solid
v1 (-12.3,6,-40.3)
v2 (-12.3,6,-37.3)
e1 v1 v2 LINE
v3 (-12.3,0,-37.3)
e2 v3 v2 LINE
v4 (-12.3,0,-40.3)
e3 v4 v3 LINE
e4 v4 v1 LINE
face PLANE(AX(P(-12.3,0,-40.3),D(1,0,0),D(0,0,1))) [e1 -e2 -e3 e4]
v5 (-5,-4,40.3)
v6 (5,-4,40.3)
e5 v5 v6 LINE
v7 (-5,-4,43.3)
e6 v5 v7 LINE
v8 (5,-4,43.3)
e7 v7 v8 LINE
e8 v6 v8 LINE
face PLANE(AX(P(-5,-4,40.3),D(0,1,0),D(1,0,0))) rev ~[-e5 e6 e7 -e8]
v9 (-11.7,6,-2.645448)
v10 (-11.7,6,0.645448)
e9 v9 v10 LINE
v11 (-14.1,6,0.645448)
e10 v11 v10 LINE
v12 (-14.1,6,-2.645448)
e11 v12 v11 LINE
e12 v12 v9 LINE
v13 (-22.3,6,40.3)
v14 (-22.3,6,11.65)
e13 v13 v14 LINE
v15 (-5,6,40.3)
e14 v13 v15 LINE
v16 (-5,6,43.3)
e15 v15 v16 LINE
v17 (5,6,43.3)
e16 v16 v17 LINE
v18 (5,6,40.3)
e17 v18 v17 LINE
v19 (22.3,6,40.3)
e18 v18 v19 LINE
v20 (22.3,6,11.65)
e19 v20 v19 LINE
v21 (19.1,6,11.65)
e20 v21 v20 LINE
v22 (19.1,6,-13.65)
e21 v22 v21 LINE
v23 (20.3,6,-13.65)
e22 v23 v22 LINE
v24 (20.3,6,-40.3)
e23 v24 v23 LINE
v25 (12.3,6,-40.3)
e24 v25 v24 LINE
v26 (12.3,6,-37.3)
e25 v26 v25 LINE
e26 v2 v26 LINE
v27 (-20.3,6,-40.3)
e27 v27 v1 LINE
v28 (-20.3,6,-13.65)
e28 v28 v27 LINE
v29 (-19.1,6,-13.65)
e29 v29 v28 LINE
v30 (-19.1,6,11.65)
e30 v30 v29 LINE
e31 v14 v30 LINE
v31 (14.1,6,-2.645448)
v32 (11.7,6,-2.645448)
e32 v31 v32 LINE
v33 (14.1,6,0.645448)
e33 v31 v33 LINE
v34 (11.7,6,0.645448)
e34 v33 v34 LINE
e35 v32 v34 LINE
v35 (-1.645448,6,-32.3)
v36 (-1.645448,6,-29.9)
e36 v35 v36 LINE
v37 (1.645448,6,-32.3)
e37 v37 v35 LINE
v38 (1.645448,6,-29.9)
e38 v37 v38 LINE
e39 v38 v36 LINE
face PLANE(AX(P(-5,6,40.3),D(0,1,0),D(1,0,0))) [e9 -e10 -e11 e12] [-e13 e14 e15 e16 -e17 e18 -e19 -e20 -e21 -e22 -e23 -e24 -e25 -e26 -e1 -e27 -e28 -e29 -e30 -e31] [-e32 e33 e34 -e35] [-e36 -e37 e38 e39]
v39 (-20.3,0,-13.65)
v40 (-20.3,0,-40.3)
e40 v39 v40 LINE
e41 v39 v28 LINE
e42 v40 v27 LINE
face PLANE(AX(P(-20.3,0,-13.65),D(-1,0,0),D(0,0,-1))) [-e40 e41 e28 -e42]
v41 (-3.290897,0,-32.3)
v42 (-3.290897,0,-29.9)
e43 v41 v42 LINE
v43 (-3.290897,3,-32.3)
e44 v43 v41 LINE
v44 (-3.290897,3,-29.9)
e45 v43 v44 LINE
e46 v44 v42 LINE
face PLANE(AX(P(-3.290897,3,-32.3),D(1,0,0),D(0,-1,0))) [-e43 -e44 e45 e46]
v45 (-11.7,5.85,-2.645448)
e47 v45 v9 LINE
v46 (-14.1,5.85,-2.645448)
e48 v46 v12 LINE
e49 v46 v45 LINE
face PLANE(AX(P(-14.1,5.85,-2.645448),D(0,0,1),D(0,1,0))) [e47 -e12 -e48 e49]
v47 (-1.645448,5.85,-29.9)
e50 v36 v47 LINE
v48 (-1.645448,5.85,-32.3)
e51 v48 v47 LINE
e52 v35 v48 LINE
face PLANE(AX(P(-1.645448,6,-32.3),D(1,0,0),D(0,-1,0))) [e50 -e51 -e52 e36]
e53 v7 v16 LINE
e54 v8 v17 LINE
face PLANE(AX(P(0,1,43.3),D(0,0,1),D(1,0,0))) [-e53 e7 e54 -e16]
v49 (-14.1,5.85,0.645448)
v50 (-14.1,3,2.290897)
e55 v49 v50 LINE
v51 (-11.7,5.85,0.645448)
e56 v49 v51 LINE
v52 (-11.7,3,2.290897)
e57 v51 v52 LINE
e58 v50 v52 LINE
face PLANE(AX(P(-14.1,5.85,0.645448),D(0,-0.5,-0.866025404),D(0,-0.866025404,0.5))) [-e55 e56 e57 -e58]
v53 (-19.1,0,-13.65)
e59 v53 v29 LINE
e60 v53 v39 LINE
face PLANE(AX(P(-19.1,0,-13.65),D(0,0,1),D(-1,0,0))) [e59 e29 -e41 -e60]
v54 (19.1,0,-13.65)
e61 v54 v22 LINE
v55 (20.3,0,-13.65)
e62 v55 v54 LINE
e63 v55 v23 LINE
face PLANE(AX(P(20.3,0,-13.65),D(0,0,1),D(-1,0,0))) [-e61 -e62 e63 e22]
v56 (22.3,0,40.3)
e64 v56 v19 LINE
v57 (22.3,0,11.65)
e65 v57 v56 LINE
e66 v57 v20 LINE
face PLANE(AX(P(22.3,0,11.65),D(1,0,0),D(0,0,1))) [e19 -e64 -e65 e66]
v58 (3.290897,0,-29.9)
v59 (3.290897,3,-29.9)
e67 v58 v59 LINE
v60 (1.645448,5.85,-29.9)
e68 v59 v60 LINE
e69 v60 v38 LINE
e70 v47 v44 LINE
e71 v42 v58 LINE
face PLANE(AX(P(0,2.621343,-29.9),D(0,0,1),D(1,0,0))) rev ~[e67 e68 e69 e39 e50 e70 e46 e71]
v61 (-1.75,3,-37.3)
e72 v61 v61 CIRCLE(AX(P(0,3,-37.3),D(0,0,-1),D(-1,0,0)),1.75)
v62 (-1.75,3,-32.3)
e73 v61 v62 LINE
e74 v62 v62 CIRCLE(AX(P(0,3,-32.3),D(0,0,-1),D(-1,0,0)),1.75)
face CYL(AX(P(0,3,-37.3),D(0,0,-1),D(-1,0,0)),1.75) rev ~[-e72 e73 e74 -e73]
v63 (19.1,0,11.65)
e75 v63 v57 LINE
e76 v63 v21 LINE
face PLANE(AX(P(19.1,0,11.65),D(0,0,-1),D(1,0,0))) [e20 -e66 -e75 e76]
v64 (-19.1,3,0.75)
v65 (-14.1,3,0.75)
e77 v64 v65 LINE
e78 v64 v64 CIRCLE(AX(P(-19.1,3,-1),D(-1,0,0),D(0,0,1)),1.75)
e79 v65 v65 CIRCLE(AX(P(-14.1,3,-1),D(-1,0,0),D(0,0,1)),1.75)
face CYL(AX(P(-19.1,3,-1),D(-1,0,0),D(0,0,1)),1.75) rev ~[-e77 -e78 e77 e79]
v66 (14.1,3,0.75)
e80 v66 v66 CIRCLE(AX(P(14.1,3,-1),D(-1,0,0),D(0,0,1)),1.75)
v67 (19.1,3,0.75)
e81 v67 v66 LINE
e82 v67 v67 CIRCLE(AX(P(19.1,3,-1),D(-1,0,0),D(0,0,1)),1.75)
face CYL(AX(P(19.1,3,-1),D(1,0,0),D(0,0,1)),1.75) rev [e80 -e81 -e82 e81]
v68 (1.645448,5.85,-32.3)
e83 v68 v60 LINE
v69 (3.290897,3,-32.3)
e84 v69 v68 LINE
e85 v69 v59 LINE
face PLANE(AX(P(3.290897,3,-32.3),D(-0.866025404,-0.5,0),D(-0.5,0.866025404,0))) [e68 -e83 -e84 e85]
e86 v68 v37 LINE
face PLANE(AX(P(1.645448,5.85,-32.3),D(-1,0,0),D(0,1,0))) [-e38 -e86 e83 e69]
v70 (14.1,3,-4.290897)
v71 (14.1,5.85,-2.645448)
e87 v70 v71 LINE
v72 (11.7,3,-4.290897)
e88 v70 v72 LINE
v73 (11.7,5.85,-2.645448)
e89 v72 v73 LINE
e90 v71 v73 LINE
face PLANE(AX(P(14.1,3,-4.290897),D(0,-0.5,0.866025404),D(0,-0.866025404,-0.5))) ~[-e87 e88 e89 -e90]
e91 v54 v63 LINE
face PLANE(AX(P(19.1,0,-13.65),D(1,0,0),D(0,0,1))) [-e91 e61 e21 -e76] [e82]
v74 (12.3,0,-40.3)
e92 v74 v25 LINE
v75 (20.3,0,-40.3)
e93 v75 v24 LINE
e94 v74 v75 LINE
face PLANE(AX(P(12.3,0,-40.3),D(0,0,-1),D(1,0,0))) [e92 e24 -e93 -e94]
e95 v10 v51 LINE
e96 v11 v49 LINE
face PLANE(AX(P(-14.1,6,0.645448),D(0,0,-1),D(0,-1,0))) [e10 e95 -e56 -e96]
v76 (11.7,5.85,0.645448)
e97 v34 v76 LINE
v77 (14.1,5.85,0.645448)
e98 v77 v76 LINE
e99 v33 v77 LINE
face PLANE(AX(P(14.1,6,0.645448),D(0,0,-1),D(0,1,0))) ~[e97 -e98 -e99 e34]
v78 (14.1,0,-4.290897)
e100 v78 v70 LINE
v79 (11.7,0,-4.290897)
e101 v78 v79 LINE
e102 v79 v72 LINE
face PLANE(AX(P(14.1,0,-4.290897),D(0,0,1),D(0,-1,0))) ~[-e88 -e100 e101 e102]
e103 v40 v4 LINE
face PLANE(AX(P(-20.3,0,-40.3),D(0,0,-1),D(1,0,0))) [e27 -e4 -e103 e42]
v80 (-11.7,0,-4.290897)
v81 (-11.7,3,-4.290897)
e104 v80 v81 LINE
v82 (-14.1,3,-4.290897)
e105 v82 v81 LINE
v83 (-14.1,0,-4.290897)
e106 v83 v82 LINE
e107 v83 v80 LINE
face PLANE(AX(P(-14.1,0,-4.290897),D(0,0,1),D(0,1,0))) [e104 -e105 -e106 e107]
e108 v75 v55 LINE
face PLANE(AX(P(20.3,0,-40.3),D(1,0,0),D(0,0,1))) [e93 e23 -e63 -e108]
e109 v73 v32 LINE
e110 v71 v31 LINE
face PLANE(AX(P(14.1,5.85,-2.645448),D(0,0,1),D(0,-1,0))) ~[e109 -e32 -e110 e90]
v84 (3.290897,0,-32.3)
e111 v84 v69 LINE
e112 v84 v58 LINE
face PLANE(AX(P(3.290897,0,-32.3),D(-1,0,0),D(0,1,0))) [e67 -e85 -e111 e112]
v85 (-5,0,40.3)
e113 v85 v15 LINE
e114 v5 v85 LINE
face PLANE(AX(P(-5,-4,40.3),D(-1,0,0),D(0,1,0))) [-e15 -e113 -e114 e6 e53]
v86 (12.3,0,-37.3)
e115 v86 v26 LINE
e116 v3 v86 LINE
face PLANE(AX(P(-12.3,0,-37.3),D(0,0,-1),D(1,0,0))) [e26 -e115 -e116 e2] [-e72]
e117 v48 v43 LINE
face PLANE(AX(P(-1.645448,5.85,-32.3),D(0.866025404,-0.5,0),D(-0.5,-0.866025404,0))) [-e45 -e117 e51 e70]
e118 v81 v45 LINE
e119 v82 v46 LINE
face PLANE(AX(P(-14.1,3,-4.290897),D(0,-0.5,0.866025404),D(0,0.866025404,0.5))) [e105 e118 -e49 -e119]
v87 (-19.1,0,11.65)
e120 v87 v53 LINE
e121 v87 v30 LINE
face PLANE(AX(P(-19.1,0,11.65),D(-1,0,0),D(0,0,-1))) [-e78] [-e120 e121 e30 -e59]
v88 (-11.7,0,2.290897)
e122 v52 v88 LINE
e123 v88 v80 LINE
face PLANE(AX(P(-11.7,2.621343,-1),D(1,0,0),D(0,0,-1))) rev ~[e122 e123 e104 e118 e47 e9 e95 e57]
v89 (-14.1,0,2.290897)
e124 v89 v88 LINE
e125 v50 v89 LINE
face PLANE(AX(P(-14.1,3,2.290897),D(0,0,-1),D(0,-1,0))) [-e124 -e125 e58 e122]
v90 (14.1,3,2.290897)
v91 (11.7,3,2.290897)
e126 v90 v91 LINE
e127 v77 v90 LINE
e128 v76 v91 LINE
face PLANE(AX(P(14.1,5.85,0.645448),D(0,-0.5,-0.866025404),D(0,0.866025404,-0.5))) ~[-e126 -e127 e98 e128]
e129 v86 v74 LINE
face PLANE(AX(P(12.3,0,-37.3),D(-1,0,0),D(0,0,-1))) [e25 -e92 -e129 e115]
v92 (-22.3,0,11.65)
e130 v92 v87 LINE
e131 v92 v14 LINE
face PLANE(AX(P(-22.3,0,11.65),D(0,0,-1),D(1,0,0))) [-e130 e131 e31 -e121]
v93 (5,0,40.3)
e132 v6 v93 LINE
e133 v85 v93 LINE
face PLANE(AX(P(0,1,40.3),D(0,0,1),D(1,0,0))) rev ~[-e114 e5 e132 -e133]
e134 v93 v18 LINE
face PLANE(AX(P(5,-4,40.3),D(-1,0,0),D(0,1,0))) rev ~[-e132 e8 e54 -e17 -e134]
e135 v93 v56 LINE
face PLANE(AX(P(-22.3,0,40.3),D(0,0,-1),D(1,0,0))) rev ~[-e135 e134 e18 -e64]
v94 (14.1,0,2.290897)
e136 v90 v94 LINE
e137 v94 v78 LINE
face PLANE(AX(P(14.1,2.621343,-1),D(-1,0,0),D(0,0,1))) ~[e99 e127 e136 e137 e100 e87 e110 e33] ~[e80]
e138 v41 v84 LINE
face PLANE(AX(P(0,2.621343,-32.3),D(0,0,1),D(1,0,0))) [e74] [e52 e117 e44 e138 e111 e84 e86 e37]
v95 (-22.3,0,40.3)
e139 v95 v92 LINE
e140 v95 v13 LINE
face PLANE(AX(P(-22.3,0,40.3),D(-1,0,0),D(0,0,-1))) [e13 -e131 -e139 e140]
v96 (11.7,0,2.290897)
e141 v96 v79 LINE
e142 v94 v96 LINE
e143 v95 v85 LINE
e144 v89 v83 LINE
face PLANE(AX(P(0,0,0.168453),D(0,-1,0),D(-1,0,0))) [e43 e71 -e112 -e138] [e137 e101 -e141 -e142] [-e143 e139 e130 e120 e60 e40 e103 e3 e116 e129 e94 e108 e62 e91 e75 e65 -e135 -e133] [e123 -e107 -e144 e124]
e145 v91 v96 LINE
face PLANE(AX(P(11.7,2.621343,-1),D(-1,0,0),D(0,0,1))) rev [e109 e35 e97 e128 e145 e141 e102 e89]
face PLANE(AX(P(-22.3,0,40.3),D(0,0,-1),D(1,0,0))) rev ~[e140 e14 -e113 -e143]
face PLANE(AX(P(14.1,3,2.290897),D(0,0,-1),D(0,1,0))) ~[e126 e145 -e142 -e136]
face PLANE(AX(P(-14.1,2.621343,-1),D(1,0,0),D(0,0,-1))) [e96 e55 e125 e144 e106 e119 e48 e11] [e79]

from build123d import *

# Parameters (mm, degrees)
SALIENTE_EXTRUIR1_DEPTH = 6
CROQUIS2_W              = 10
CROQUIS2_H              = 10
SALIENTE_EXTRUIR2_DEPTH = 3
CORTAR_EXTRUIR1_DEPTH   = 2.4
CORTAR_EXTRUIR2_REACH   = 85.843
CROQUIS4_R              = 1.75
CORTAR_EXTRUIR4_DEPTH   = 2.4
CORTAR_EXTRUIR5_REACH   = 62.207
CROQUIS7_R              = 1.75


with BuildPart() as part:
    # Croquis1 → Saliente-Extruir1 (new body)
    with BuildSketch(Plane(origin=(0, 0, 0), x_dir=(1, 0, 0), z_dir=(0, 1, 0))):
        Polygon((-12.3, 40.3), (-12.3, 37.3), (12.3, 37.3), (12.3, 40.3), (20.3, 40.3), (20.3, 13.65), (19.1, 13.65), (19.1, -11.65), (22.3, -11.65), (22.3, -40.3), (20.3, -40.3), (-20.3, -40.3), (-22.3, -40.3), (-22.3, -11.65), (-19.1, -11.65), (-19.1, 13.65), (-20.3, 13.65), (-20.3, 40.3), align=None)
    extrude(amount=SALIENTE_EXTRUIR1_DEPTH)

    # Croquis2 → Saliente-Extruir2 (add)
    with BuildSketch(Plane.XY.offset(40.3)):
        with Locations((0, 1)):
            Rectangle(CROQUIS2_W, CROQUIS2_H)
    extrude(amount=SALIENTE_EXTRUIR2_DEPTH)

    # Croquis3 → Cortar-Extruir1 (cut)
    with BuildSketch(Plane(origin=(0, 0, -32.3), x_dir=(-1, 0, 0), z_dir=(0, 0, -1))):
        Polygon((1.645448267, 5.85), (3.290896534, 3), (3.290896534, 0), (-3.290896534, 0), (-3.290896534, 3), (-1.645448267, 5.85), (-1.645448267, 6), (1.645448267, 6), align=None)
    extrude(amount=-CORTAR_EXTRUIR1_DEPTH, mode=Mode.SUBTRACT)

    # Croquis4 → Cortar-Extruir2 (cut, up to next)
    with BuildSketch(Plane(origin=(0, 0, -37.3), x_dir=(-1, 0, 0), z_dir=(0, 0, -1)), mode=Mode.PRIVATE) as cortar_extruir2_sk1:
        with Locations((0, 3)):
            Circle(CROQUIS4_R)
    cortar_extruir2_tool1 = extrude(cortar_extruir2_sk1.sketch, amount=-CORTAR_EXTRUIR2_REACH, mode=Mode.PRIVATE) & part.part
    add(cortar_extruir2_tool1.solids().sort_by_distance((0, 3, -37.3))[0], mode=Mode.SUBTRACT)

    # Croquis6 → Cortar-Extruir4 (cut)
    with BuildSketch(Plane.ZY.offset(14.1)):
        Polygon((0.645448267, 5.85), (2.290896534, 3), (2.290896534, 0), (-4.290896534, 0), (-4.290896534, 3), (-2.645448267, 5.85), (-2.645448267, 6), (0.645448267, 6), align=None)
    cortar_extruir4 = extrude(amount=-CORTAR_EXTRUIR4_DEPTH, mode=Mode.SUBTRACT)

    # Croquis7 → Cortar-Extruir5 (cut, up to next)
    with BuildSketch(Plane.ZY.offset(19.1), mode=Mode.PRIVATE) as cortar_extruir5_sk1:
        with Locations((-1, 3)):
            Circle(CROQUIS7_R)
    cortar_extruir5_tool1 = extrude(cortar_extruir5_sk1.sketch, amount=-CORTAR_EXTRUIR5_REACH, mode=Mode.PRIVATE) & part.part
    cortar_extruir5 = cortar_extruir5_tool1.solids().sort_by_distance((-19.1, 3, -1))[0]
    add(cortar_extruir5, mode=Mode.SUBTRACT)

    # Simetría1: Cortar-Extruir4, Cortar-Extruir5 across plane
    add(cortar_extruir4.mirror(Plane(origin=(0, 0, 0), x_dir=(0, 0, 1), z_dir=(1, 0, 0))), mode=Mode.SUBTRACT)
    add(cortar_extruir5.mirror(Plane(origin=(0, 0, 0), x_dir=(0, 0, 1), z_dir=(1, 0, 0))), mode=Mode.SUBTRACT)


solid = part.part
